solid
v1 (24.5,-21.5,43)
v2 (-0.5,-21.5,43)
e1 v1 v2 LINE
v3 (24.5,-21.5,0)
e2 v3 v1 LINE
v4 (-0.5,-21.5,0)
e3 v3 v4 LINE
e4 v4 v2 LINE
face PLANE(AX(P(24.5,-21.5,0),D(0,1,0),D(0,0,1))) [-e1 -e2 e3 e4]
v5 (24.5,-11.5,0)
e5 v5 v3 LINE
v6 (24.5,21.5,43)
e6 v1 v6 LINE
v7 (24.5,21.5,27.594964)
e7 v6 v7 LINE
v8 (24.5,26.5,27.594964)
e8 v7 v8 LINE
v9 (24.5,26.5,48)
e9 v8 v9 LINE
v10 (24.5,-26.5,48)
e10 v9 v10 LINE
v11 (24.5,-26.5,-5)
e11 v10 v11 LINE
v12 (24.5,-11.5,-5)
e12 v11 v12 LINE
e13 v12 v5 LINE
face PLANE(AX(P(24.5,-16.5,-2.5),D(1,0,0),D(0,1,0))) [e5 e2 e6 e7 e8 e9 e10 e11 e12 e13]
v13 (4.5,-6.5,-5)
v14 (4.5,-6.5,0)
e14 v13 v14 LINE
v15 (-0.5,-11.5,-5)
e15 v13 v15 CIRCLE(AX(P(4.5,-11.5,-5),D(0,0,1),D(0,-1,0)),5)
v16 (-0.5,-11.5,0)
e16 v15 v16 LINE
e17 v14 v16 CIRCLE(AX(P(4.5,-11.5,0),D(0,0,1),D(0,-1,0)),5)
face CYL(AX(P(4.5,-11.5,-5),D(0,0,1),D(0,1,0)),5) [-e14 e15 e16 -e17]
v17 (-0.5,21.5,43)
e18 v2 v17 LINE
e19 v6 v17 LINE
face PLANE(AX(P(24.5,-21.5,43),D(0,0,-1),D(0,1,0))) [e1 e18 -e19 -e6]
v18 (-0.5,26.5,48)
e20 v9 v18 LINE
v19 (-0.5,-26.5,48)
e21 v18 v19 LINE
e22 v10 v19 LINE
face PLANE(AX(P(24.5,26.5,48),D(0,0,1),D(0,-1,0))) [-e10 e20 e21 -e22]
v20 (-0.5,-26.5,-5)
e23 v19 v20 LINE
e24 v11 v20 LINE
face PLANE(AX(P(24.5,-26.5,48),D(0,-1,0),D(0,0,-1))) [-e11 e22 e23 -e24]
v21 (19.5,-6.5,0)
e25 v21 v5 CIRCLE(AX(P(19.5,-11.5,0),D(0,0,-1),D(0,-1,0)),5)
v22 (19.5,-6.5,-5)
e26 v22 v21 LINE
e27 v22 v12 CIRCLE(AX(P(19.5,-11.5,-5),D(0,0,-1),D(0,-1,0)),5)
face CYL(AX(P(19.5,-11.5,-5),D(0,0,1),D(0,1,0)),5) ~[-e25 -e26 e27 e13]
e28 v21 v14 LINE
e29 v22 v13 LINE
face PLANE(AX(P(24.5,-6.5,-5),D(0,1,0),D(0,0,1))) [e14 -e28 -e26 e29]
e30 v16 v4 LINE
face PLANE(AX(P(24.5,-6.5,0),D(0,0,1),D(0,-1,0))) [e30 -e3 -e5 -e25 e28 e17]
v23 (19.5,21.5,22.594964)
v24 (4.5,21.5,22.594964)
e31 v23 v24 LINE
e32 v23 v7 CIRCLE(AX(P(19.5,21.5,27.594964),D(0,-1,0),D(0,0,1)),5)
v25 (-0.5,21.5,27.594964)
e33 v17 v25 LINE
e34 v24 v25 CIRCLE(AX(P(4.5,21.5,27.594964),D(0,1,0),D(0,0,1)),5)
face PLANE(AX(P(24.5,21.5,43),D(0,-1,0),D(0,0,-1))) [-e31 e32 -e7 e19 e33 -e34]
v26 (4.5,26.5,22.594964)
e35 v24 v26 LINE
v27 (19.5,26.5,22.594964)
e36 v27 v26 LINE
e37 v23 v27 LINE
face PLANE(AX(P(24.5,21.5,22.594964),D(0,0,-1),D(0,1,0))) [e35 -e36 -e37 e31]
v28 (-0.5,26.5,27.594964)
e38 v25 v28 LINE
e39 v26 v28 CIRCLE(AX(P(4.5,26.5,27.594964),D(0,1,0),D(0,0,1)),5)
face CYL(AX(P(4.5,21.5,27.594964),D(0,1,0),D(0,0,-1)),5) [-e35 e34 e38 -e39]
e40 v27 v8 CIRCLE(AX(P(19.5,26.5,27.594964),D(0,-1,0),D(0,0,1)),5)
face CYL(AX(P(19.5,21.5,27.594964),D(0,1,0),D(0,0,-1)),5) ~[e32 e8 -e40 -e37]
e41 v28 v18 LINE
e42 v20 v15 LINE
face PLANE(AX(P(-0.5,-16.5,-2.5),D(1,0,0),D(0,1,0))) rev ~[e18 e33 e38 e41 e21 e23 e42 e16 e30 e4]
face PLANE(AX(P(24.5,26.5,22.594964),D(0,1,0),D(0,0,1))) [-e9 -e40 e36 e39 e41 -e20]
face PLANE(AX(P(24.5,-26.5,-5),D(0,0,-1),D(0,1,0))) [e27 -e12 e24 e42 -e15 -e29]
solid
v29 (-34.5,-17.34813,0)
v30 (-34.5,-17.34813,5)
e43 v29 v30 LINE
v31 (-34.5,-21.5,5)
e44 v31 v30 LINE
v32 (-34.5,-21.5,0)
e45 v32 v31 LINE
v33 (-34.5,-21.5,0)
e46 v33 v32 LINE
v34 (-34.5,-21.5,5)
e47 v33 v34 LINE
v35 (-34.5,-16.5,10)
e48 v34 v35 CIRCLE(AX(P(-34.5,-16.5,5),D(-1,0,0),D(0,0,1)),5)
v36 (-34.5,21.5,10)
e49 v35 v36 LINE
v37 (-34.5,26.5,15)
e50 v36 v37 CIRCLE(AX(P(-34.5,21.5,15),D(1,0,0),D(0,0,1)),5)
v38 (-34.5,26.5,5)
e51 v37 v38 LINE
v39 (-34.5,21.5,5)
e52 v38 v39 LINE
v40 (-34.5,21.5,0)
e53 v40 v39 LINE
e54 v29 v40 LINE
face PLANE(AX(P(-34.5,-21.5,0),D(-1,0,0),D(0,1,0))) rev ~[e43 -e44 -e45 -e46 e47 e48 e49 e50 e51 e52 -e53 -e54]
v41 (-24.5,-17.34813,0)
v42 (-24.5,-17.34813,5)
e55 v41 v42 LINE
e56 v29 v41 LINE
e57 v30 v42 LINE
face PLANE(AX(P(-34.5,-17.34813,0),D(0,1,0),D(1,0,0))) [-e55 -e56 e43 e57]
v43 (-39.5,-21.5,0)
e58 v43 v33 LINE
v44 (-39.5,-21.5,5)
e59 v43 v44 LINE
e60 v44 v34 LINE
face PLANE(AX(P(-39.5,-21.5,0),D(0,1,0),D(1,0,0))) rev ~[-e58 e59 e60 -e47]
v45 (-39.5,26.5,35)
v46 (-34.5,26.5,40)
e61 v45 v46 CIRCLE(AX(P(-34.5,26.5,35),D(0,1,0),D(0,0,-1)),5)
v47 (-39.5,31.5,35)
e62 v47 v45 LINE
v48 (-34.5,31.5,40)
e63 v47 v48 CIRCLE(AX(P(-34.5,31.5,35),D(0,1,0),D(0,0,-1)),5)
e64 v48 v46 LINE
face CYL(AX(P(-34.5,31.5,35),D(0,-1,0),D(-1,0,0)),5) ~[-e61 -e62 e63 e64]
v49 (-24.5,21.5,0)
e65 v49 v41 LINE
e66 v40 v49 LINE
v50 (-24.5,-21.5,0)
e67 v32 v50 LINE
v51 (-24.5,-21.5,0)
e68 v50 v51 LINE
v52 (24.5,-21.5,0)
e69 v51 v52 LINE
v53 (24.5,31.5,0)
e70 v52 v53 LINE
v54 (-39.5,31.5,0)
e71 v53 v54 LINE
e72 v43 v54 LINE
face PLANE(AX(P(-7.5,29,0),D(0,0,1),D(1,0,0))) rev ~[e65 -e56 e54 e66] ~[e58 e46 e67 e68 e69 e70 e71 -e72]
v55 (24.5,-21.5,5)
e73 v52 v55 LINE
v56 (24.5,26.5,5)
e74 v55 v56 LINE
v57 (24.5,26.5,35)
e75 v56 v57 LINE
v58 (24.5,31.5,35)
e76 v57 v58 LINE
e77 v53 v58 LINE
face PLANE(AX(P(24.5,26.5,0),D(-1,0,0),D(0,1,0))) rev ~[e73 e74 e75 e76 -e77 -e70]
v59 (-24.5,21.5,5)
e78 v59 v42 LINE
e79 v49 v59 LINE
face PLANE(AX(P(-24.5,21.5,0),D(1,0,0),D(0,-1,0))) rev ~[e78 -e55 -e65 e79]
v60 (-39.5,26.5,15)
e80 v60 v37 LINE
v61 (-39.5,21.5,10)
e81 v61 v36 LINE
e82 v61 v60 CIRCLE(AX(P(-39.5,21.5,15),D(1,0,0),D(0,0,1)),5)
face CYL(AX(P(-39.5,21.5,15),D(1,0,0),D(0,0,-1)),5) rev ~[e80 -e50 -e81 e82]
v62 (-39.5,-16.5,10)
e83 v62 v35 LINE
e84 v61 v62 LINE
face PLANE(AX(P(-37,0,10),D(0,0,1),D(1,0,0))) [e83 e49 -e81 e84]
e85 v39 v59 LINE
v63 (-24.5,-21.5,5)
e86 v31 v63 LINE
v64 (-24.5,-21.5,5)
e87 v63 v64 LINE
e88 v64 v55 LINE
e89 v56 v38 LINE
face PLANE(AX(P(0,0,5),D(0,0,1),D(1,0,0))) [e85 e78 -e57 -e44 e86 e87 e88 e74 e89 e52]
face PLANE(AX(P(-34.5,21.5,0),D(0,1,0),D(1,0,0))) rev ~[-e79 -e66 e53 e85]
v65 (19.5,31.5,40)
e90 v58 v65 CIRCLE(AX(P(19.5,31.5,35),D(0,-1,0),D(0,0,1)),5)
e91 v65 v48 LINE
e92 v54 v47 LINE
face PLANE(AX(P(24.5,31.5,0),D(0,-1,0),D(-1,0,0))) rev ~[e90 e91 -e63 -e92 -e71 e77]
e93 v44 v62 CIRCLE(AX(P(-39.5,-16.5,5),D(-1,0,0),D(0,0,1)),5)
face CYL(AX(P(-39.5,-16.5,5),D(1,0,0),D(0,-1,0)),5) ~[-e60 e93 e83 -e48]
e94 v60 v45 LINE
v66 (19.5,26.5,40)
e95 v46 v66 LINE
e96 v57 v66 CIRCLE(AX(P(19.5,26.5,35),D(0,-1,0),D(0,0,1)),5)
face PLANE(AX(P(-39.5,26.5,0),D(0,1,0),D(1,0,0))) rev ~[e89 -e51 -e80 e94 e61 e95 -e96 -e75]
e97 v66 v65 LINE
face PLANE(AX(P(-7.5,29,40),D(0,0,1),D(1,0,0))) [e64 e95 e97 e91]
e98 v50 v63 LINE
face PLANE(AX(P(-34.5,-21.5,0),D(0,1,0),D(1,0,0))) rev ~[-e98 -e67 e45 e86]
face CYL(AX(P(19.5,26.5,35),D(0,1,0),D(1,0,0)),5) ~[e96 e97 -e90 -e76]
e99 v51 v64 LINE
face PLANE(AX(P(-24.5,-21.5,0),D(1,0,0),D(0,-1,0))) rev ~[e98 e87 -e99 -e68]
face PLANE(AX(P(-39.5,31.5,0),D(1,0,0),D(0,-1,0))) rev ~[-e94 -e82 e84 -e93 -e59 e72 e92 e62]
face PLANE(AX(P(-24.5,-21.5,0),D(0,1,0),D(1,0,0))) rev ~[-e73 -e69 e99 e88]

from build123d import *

# Parameters (mm, degrees)
F0_W     = 10
F0_H     = 4.151869
F1_DEPTH = 5
F0_W_2   = 5
F0_H_2   = 5
F2_DEPTH = 10
F3_DEPTH = 40
F4_R     = 5
F6_DEPTH = 25
F7_R     = 5


with BuildPart() as f1:
    # F0 (on Top) → F1 (new body)
    with BuildSketch(Plane.XY):
        Polygon((24.5, -21.5), (24.5, 21.5), (-24.5, 21.5), (-24.5, -17.348131), (-24.5, -21.5), align=None)
        with Locations((-29.5, -19.424065)):
            Rectangle(F0_W, F0_H)
        Polygon((-24.5, 21.5), (24.5, 21.5), (24.5, 26.5), (-34.5, 26.5), (-34.5, 21.5), align=None)
    extrude(amount=F1_DEPTH)

    # F0 (on Top) → F2 (join)
    with BuildSketch(Plane.XY):
        Polygon((-34.5, -17.348131), (-34.5, 21.5), (-39.5, 21.5), (-39.5, -21.5), (-34.5, -21.5), align=None)
        with Locations((-37, 24)):
            Rectangle(F0_W_2, F0_H_2)
    extrude(amount=F2_DEPTH)

    # F0 (on Top) → F3 (join)
    with BuildSketch(Plane.XY):
        Polygon((-34.5, 26.5), (24.5, 26.5), (24.5, 31.5), (-39.5, 31.5), (-39.5, 26.5), align=None)
    extrude(amount=F3_DEPTH)

    # F4
    f4_edges = [f1.edges().sort_by_distance(p)[0] for p in [
        (-39.5, 29, 40),
        (24.5, 29, 40),
        (-37, -21.5, 10),
        (-37, 26.5, 10),
    ]]
    fillet(f4_edges, radius=F4_R)


with BuildPart() as f6:
    # F5 (on face) → F6 (new body)
    with BuildSketch(Plane.YZ.offset(24.5)):
        Polygon((-6.5, -5), (-6.5, 0), (-21.5, 0), (-26.5, 0), (-26.5, -5), align=None)
        Polygon((-26.5, 0), (-21.5, 0), (-21.5, 5), (-21.5, 43), (-21.5, 48), (-26.5, 48), align=None)
        Polygon((-21.5, 48), (-21.5, 43), (21.5, 43), (26.5, 43), (26.5, 48), align=None)
        Polygon((26.5, 22.594964), (26.5, 35), (26.5, 43), (21.5, 43), (21.5, 22.594964), align=None)
    extrude(amount=-F6_DEPTH)

    # F7
    f7_edges = [f6.edges().sort_by_distance(p)[0] for p in [
        (24.5, 24, 22.594964),
        (-0.5, 24, 22.594964),
        (24.5, -6.5, -2.5),
        (-0.5, -6.5, -2.5),
    ]]
    fillet(f7_edges, radius=F7_R)


solid = Compound([f1.part, f6.part])
